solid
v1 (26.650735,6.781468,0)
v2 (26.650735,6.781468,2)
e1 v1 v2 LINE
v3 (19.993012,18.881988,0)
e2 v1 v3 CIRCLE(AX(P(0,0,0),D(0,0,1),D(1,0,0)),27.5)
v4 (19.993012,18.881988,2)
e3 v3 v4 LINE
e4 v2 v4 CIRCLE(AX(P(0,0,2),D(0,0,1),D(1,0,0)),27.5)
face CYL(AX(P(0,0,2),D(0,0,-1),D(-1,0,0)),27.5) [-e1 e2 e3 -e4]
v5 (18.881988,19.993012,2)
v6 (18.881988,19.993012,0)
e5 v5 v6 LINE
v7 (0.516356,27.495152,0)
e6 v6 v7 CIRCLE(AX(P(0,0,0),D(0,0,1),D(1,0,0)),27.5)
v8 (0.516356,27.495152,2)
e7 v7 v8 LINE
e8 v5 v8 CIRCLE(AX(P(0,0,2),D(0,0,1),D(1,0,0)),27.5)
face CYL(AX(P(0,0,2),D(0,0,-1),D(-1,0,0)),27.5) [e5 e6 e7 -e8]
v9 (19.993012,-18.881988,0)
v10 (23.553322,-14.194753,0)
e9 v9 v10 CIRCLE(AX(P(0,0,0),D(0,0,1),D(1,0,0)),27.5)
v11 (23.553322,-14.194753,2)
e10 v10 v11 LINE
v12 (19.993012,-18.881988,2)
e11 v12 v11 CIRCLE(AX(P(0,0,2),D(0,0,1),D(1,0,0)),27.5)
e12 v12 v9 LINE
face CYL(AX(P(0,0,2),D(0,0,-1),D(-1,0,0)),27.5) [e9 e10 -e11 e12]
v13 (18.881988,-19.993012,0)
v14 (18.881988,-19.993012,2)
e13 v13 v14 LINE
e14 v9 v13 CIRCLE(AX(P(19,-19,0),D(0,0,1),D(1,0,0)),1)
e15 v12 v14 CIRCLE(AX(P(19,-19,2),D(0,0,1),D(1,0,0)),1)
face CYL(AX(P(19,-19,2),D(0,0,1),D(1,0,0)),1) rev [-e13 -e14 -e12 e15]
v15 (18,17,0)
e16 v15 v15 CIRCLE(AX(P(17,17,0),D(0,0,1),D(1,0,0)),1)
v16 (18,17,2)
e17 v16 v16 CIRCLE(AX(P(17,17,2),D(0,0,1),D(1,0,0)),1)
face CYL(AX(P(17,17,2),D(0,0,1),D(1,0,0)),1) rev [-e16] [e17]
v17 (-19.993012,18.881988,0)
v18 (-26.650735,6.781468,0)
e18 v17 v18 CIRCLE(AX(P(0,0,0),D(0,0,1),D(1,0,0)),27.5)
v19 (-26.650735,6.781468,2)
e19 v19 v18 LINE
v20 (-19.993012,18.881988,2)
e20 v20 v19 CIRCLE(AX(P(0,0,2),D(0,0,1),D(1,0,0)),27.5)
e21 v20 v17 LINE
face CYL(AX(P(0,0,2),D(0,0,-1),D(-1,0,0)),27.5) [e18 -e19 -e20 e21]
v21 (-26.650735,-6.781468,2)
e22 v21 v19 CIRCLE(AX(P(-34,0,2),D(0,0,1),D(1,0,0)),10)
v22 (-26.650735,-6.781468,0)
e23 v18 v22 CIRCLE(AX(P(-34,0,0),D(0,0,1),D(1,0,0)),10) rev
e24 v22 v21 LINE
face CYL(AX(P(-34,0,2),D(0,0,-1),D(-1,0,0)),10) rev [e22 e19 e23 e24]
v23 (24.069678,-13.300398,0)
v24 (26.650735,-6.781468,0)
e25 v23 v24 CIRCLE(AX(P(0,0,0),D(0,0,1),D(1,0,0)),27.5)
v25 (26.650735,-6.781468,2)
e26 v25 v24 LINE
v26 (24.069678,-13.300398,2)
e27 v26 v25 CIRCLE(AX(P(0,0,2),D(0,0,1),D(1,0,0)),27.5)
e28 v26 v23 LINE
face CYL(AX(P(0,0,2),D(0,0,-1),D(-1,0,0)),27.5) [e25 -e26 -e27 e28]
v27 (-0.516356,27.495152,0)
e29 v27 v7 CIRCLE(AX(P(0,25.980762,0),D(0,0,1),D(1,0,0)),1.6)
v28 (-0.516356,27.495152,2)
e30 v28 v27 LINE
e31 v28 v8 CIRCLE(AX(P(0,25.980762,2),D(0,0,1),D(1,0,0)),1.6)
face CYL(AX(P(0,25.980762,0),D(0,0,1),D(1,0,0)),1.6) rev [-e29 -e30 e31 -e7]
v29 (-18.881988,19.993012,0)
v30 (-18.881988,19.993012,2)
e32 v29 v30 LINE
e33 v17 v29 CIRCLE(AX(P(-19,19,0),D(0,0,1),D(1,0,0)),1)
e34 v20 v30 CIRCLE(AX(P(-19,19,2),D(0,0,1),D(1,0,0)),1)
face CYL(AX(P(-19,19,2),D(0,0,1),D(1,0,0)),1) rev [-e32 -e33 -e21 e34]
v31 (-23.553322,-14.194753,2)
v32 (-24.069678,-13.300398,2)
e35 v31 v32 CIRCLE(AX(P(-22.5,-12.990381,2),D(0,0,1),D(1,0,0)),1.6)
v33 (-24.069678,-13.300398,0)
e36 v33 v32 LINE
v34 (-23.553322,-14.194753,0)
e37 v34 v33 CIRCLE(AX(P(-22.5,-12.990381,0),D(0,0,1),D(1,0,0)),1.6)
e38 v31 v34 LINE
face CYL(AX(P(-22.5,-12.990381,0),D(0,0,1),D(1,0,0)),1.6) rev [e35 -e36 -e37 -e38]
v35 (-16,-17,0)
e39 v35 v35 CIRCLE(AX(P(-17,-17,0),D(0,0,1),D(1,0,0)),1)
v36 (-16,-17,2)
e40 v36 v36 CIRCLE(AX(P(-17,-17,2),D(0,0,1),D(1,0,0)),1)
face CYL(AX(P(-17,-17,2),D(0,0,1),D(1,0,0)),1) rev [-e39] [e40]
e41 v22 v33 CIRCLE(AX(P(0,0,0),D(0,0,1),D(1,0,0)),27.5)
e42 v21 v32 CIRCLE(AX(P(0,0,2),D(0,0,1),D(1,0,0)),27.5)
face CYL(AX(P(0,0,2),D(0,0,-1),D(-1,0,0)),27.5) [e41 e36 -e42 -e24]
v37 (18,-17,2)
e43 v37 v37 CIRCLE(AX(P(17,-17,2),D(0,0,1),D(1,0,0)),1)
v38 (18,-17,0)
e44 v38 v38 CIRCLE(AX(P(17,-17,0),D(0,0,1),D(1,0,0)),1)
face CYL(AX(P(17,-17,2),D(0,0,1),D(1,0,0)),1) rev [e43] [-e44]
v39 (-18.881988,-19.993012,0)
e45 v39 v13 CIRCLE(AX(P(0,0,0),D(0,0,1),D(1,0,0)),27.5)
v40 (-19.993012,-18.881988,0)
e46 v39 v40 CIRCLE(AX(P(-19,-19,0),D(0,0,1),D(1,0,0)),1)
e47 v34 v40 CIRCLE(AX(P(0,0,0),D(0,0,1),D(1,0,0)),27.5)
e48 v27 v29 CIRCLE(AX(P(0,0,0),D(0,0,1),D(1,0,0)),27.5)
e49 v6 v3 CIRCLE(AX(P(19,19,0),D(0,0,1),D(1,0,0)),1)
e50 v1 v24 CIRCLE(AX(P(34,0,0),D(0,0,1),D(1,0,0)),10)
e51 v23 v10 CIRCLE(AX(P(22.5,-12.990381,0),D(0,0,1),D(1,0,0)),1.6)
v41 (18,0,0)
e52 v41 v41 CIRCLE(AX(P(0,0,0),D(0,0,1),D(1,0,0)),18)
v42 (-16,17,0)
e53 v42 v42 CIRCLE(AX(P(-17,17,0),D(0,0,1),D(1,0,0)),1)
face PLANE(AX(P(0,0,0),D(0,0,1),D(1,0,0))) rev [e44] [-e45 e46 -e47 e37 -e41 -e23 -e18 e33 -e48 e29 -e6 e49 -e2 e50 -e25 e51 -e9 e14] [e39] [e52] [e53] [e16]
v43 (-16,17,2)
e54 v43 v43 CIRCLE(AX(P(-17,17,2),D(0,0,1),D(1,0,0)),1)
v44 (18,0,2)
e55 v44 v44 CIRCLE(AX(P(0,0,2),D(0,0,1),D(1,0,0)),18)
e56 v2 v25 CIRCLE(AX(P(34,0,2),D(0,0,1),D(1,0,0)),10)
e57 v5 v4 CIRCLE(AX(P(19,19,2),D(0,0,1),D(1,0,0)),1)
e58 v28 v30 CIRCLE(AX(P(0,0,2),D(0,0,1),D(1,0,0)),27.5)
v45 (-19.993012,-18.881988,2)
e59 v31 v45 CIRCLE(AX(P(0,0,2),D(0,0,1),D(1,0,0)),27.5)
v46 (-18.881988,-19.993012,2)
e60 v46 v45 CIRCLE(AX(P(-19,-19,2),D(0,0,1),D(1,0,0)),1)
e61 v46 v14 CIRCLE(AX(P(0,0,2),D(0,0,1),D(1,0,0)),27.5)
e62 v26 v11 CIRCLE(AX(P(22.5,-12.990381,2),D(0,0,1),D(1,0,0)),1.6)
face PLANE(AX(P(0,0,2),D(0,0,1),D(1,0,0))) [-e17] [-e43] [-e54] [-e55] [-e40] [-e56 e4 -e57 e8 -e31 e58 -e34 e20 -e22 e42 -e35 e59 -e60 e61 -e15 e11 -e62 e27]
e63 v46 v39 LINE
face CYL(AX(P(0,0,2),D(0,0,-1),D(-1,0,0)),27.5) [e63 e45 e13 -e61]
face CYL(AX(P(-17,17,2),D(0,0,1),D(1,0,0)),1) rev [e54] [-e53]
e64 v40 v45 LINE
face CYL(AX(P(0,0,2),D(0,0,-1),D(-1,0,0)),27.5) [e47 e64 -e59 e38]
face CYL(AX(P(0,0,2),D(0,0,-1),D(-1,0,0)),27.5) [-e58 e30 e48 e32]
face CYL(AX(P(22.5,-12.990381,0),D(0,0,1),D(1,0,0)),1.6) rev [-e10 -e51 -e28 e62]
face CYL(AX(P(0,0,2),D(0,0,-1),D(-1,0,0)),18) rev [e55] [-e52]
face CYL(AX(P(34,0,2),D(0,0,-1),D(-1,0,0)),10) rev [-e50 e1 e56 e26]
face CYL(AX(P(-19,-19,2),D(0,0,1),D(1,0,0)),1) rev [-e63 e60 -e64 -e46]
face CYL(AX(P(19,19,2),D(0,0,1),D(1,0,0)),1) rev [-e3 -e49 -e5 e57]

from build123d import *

# Parameters (mm, degrees)
SKETCH1_R             = 18
BOSS_EXTRUDE1_DEPTH   = 2
SKETCH2_R             = 1.6
CUT_EXTRUDE1_DEPTH    = 2
F_2_0MM_DOWEL_HOLE1_D = 2
SKETCH_1_R            = 10
CUT_EXTRUDE_1_DEPTH   = 39.942264957


with BuildPart() as part:
    # Sketch1 → Boss-Extrude1 (new body)
    with BuildSketch(Plane.XY):
        with BuildLine():
            ThreePointArc((-27.5, 0), (0, -27.5), (27.5, 0))
            ThreePointArc((27.5, 0), (0, 27.5), (-27.5, 0))
        make_face()
        Circle(SKETCH1_R, mode=Mode.SUBTRACT)
    extrude(amount=BOSS_EXTRUDE1_DEPTH)

    # Sketch2 → Cut-Extrude1 (cut)
    with BuildSketch(Plane.XY.offset(2)):
        with Locations((0, 25.980762114)):
            Circle(SKETCH2_R)
        with Locations((-22.5, -12.990381057)):
            Circle(SKETCH2_R)
        with Locations((22.5, -12.990381057)):
            Circle(SKETCH2_R)
    extrude(amount=-CUT_EXTRUDE1_DEPTH, mode=Mode.SUBTRACT)

    # Ø2.0mm Dowel Hole1 (through all)
    with Locations(Plane(origin=(-19, 19, 2), x_dir=(1, 0, 0), z_dir=(0, 0, 1))):
        with Locations((0, 0), (2, -2), (36, -2), (38, 0), (36, -36), (38, -38), (0, -38), (2, -36)):
            Hole(F_2_0MM_DOWEL_HOLE1_D / 2)

    # 스케치1 → 컷-돌출1 (cut, through all)
    with BuildSketch(Plane.XY):
        with Locations((-34, 0)):
            Circle(SKETCH_1_R)
        with Locations((34, 0)):
            Circle(SKETCH_1_R)
    extrude(amount=CUT_EXTRUDE_1_DEPTH, mode=Mode.SUBTRACT)


solid = part.part
